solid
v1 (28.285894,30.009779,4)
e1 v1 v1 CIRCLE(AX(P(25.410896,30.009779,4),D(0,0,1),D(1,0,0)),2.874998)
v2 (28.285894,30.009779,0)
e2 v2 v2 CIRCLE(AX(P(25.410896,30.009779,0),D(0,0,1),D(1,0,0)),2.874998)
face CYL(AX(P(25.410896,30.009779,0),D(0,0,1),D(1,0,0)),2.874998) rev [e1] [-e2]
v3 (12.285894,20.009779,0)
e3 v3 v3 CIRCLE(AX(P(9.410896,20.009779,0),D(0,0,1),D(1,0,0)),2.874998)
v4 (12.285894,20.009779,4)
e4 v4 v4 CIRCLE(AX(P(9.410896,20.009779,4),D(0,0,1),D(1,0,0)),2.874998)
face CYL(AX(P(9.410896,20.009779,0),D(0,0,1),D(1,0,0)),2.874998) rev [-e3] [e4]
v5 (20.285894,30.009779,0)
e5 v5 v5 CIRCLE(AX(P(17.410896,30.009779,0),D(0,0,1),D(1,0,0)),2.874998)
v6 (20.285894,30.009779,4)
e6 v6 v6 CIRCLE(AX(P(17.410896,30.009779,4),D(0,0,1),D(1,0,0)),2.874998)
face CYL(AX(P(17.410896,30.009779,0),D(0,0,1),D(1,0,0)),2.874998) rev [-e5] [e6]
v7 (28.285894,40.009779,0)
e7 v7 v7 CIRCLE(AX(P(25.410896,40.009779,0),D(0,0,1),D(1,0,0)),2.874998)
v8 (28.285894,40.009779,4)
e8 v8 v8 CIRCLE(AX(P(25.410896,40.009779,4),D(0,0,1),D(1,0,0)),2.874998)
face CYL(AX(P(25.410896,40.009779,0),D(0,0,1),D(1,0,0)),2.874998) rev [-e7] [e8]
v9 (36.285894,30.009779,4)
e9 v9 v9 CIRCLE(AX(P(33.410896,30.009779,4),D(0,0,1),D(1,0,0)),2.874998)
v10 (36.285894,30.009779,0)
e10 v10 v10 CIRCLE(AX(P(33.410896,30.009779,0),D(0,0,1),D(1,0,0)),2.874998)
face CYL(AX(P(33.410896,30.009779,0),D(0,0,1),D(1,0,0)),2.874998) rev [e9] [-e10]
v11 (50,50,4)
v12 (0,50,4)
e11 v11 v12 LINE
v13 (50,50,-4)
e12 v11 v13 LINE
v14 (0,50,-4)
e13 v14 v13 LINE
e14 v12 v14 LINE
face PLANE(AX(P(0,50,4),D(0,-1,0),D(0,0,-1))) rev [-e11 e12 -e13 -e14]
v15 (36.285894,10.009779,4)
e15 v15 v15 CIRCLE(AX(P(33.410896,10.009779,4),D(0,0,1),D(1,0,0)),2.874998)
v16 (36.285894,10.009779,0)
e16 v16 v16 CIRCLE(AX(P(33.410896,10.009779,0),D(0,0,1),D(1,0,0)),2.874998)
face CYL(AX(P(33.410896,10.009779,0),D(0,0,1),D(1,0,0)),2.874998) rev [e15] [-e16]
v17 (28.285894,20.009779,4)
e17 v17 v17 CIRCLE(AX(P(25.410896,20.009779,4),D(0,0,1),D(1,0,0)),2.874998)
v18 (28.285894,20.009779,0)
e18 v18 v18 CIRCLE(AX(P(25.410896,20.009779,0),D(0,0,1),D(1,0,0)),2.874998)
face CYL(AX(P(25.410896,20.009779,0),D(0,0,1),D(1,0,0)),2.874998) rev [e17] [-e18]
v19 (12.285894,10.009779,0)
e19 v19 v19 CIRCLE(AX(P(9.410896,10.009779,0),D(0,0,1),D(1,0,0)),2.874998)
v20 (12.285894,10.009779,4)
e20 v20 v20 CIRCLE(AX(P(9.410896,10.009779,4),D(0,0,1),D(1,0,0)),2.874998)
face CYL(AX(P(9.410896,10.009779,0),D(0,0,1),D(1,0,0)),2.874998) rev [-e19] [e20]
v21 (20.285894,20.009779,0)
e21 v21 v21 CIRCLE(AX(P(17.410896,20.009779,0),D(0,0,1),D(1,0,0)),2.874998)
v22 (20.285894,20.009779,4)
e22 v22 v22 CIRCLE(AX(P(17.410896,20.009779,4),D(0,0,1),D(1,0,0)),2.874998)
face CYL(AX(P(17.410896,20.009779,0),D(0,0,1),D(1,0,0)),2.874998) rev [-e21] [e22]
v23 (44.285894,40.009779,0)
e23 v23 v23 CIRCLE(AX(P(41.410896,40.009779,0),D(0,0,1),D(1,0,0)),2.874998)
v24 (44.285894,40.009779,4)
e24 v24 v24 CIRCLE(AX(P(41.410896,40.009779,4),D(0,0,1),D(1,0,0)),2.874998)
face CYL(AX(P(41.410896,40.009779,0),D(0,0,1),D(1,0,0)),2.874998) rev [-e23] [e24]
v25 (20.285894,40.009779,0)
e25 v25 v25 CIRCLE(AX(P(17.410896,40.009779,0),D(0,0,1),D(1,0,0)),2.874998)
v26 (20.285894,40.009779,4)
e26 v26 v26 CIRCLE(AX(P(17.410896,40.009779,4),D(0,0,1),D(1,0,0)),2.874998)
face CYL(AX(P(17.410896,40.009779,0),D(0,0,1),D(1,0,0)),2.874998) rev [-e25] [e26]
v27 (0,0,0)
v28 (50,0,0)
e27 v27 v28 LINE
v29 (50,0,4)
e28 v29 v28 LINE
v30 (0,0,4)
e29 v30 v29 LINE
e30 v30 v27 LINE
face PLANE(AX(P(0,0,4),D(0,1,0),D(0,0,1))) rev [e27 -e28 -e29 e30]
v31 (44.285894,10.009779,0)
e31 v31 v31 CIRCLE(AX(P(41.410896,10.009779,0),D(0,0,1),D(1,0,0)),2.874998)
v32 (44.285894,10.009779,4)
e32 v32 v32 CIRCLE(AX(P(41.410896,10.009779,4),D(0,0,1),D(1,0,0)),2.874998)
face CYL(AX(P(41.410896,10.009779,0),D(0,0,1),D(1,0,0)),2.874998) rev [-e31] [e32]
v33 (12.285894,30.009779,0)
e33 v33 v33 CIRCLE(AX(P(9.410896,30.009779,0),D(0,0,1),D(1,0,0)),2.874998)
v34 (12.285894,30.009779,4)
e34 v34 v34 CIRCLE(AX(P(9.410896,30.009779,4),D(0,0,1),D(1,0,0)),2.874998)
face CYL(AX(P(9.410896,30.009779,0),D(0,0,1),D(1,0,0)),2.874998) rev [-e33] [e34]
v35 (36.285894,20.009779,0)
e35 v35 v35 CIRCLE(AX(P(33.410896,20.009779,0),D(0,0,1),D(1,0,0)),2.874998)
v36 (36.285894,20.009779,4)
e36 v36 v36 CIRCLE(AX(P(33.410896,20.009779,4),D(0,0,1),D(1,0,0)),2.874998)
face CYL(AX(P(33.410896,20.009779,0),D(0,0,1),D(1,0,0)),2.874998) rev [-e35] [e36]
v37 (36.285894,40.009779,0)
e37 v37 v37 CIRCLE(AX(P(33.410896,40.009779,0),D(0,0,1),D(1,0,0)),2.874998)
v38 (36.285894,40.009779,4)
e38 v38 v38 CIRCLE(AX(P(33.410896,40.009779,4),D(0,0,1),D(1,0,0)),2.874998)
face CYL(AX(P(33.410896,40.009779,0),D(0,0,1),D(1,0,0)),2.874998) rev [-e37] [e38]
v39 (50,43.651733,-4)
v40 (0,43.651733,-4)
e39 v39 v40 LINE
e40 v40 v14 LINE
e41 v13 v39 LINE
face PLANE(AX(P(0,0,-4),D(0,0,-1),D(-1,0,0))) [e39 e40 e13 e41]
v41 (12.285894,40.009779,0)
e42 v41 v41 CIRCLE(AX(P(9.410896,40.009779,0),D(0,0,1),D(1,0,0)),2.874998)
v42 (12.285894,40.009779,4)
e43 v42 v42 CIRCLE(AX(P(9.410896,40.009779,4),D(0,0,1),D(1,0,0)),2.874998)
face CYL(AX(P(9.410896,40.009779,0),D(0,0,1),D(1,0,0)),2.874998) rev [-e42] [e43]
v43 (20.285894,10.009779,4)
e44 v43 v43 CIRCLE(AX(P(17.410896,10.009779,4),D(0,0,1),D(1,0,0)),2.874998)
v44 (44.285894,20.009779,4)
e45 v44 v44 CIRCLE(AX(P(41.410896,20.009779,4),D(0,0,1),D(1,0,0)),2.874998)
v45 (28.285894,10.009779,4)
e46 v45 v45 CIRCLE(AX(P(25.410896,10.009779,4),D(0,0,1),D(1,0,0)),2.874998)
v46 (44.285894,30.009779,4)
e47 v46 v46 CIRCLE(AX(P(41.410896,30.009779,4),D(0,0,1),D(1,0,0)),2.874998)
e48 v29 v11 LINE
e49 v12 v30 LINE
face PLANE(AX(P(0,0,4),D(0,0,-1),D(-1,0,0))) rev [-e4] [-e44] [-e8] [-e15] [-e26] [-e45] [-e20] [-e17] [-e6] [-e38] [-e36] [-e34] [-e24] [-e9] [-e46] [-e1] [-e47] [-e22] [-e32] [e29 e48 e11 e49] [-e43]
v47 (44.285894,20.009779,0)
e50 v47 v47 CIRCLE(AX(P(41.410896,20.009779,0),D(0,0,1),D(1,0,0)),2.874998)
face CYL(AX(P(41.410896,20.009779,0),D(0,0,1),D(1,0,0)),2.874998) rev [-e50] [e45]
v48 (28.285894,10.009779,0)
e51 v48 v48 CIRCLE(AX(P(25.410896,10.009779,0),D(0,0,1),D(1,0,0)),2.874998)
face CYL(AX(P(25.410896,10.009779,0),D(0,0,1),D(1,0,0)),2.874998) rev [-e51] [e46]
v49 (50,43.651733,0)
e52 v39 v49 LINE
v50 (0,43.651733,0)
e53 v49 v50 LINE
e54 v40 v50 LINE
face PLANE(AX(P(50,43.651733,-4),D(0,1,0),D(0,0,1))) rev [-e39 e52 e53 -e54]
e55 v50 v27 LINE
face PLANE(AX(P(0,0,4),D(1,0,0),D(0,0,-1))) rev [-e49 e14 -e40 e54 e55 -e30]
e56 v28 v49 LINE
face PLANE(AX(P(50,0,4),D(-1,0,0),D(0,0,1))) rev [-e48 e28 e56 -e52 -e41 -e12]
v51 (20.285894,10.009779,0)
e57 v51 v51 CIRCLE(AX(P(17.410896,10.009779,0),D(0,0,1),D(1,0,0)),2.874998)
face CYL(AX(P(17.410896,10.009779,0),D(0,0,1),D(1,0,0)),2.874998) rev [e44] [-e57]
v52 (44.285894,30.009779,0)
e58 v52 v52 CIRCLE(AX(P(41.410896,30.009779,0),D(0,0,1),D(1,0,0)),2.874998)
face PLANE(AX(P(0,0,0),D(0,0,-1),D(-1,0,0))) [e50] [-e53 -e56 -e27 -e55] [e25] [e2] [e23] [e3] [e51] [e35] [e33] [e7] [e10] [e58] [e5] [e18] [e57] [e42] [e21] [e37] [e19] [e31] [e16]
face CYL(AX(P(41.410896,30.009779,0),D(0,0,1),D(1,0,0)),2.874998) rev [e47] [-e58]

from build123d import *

# Parameters (mm, degrees)
SKETCH1_W           = 50
SKETCH1_H           = 50
BOSS_EXTRUDE1_DEPTH = 4
SKETCH2_R           = 2.874998181
CUT_EXTRUDE1_DEPTH  = 4
SKETCH3_W           = 50
SKETCH3_H           = 6.348267119
BOSS_EXTRUDE2_DEPTH = 4


with BuildPart() as part:
    # Sketch1 → Boss-Extrude1 (new body)
    with BuildSketch(Plane.XY):
        with Locations((25, 25)):
            Rectangle(SKETCH1_W, SKETCH1_H)
    extrude(amount=BOSS_EXTRUDE1_DEPTH)

    # Sketch2 → Cut-Extrude1 (cut)
    with BuildSketch(Plane.XY.offset(4)):
        with Locations((9.410896039, 40.009779151)):
            Circle(SKETCH2_R)
        with Locations((17.410896039, 40.009779151)):
            Circle(SKETCH2_R)
        with Locations((25.410896039, 40.009779151)):
            Circle(SKETCH2_R)
        with Locations((33.410896039, 40.009779151)):
            Circle(SKETCH2_R)
        with Locations((41.410896039, 40.009779151)):
            Circle(SKETCH2_R)
        with Locations((17.410896039, 30.009779151)):
            Circle(SKETCH2_R)
        with Locations((25.410896039, 30.009779151)):
            Circle(SKETCH2_R)
        with Locations((33.410896039, 30.009779151)):
            Circle(SKETCH2_R)
        with Locations((41.410896039, 30.009779151)):
            Circle(SKETCH2_R)
        with Locations((17.410896039, 20.009779151)):
            Circle(SKETCH2_R)
        with Locations((25.410896039, 20.009779151)):
            Circle(SKETCH2_R)
        with Locations((33.410896039, 20.009779151)):
            Circle(SKETCH2_R)
        with Locations((41.410896039, 20.009779151)):
            Circle(SKETCH2_R)
        with Locations((17.410896039, 10.009779151)):
            Circle(SKETCH2_R)
        with Locations((25.410896039, 10.009779151)):
            Circle(SKETCH2_R)
        with Locations((33.410896039, 10.009779151)):
            Circle(SKETCH2_R)
        with Locations((41.410896039, 10.009779151)):
            Circle(SKETCH2_R)
        with Locations((9.410896039, 30.009779151)):
            Circle(SKETCH2_R)
        with Locations((9.410896039, 20.009779151)):
            Circle(SKETCH2_R)
        with Locations((9.410896039, 10.009779151)):
            Circle(SKETCH2_R)
    extrude(amount=-CUT_EXTRUDE1_DEPTH, mode=Mode.SUBTRACT)

    # Sketch3 → Boss-Extrude2 (add)
    with BuildSketch(Plane(origin=(0, 0, 0), x_dir=(-1, 0, 0), z_dir=(0, 0, -1))):
        with Locations((-25, 46.825866441)):
            Rectangle(SKETCH3_W, SKETCH3_H)
    extrude(amount=BOSS_EXTRUDE2_DEPTH)


solid = part.part
